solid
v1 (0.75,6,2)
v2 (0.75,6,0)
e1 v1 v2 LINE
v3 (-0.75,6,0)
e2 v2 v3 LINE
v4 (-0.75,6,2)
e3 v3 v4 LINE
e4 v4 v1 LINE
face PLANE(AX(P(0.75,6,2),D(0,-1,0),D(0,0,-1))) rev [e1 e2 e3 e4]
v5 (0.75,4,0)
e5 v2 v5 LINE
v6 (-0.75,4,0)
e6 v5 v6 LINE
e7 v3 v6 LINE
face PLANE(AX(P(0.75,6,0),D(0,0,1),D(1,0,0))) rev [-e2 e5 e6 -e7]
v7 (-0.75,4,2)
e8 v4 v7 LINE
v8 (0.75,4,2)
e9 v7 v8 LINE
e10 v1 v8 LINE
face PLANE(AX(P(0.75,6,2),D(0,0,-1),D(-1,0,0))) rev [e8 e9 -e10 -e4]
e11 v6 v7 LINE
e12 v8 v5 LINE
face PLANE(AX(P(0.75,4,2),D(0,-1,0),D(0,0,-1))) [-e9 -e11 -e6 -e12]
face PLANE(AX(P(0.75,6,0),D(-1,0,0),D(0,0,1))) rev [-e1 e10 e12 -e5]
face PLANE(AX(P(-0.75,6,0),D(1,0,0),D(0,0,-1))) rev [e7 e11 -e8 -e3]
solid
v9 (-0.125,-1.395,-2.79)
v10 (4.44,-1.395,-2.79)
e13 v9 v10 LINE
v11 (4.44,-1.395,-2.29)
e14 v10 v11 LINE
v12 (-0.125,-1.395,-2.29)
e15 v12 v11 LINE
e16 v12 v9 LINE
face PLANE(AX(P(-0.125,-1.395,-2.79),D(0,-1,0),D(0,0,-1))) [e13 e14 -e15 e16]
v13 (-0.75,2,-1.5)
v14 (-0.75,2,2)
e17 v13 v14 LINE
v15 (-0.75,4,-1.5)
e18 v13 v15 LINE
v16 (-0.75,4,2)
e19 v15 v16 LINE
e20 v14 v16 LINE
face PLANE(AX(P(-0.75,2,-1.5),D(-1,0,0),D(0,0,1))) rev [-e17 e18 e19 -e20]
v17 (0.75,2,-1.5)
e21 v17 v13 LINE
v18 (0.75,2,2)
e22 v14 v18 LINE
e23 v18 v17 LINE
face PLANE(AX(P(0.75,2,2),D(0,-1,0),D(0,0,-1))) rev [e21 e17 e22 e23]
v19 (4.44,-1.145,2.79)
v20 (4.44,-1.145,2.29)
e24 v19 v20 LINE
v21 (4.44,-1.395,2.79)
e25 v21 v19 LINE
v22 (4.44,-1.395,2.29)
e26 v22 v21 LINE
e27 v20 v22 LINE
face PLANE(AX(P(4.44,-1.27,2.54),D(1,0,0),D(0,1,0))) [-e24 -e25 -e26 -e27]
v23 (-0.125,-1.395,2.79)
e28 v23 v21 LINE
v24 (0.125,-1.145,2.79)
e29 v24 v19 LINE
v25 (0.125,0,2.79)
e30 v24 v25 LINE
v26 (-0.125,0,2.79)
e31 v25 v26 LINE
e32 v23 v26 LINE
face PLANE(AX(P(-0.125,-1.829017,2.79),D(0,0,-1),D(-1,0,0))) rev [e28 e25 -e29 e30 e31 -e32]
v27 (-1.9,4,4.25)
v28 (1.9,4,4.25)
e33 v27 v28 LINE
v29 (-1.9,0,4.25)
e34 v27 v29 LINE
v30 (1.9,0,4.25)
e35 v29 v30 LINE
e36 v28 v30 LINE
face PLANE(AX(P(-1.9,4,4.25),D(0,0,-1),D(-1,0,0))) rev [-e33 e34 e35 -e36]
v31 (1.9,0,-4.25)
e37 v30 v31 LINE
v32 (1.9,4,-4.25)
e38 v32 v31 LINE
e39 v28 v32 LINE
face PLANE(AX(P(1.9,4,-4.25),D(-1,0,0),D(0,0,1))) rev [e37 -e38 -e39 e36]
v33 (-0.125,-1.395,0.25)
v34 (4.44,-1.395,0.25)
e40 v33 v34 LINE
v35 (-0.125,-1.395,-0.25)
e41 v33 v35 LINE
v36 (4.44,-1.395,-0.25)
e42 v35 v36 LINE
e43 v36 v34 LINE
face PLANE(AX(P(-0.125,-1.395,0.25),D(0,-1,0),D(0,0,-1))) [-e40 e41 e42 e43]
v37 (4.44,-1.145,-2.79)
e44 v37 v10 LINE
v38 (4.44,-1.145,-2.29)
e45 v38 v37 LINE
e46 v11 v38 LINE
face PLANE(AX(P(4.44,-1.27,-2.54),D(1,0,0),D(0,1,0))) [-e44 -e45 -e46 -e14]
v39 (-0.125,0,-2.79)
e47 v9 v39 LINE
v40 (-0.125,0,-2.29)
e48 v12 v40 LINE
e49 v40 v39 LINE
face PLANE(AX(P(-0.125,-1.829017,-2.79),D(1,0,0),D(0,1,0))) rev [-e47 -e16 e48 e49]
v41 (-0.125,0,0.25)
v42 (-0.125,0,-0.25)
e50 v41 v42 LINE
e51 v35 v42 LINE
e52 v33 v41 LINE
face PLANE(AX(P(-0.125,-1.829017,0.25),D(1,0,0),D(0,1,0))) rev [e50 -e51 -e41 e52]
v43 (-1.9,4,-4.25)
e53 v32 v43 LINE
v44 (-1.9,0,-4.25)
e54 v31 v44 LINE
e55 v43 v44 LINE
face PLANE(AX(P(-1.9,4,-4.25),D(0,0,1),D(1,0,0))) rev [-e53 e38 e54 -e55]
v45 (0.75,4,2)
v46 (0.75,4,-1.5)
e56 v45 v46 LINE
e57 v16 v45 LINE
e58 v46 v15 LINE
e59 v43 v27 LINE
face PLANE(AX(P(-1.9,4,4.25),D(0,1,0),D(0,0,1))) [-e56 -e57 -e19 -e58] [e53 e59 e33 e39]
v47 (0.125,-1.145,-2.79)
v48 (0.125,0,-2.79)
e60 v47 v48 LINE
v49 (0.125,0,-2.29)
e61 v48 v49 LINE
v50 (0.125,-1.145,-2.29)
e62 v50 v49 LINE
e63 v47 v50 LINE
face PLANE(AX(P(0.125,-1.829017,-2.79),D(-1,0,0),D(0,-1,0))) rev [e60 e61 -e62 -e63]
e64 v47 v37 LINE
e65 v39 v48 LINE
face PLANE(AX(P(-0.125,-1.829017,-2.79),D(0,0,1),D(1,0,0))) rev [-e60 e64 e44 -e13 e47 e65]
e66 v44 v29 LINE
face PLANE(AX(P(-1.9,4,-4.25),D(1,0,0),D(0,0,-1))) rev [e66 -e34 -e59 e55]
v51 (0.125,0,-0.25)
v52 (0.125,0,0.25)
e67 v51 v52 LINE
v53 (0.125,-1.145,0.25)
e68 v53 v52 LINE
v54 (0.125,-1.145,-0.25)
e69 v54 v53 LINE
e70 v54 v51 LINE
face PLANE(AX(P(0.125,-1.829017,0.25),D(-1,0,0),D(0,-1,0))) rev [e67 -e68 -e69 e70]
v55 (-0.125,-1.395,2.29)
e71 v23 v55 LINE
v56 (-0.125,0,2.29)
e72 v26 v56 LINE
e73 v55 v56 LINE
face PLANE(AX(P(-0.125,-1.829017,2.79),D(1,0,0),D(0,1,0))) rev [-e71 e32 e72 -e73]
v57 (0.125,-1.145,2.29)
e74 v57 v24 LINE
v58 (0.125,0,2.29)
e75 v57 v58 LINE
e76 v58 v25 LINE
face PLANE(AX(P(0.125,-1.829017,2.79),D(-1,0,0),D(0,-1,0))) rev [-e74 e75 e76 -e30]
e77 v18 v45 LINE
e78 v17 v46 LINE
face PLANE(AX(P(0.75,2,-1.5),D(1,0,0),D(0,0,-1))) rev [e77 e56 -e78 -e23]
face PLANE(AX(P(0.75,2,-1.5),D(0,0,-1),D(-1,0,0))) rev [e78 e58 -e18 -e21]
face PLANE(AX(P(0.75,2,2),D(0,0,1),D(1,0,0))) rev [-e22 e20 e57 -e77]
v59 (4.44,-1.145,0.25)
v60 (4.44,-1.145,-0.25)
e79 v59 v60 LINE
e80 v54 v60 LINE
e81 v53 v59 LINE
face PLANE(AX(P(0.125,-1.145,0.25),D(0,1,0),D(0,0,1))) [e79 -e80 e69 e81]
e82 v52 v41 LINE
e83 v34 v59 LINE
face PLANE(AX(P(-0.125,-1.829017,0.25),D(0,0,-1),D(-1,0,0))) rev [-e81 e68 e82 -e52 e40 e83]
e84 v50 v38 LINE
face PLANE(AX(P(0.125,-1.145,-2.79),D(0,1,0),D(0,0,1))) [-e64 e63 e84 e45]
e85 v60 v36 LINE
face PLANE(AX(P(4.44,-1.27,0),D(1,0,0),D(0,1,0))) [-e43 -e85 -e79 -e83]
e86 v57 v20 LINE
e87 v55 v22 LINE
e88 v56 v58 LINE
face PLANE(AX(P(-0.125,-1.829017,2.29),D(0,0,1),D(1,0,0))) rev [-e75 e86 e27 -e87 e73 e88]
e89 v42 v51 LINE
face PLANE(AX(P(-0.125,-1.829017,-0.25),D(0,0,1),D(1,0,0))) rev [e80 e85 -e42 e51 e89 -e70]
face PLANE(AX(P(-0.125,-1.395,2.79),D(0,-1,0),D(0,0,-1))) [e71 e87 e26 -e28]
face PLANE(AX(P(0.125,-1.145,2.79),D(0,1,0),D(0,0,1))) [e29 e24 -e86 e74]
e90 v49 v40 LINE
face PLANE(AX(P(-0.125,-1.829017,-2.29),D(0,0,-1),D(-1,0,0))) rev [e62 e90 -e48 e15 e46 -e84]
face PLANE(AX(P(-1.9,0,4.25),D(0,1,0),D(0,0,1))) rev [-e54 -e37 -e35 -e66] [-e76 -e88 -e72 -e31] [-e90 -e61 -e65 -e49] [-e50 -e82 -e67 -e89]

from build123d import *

# Parameters (mm, degrees)
SKETCH_1_W          = 3.8
SKETCH_1_H          = 8.5
EXTRUDE_1_DEPTH     = 4
SKETCH_2_W          = 1.5
SKETCH_2_H          = 2
EXTRUDE_2_DEPTH     = 2
SKETCH_5_W          = 1.5
SKETCH_5_H          = 3.5
CUT_EXTRUDE_1_DEPTH = 2
SKETCH_7_W          = 0.25
SKETCH_7_H          = 0.5


with BuildPart() as part:
    # 草图1 → 拉伸1 (new body)
    with BuildSketch(Plane(origin=(0, 0, 0), x_dir=(1, 0, 0), z_dir=(0, 1, 0))):
        Rectangle(SKETCH_1_W, SKETCH_1_H)
    extrude(amount=EXTRUDE_1_DEPTH)

    # 草图2 → 拉伸2 (add)
    with BuildSketch(Plane(origin=(0, 4, 0), x_dir=(-1, 0, 0), z_dir=(0, 1, 0))):
        with Locations((0, 1)):
            Rectangle(SKETCH_2_W, SKETCH_2_H)
    extrude(amount=EXTRUDE_2_DEPTH)

    # 草图5 → 切除-拉伸1 (cut)
    with BuildSketch(Plane(origin=(0, 4, 0), x_dir=(-1, 0, 0), z_dir=(0, 1, 0))):
        with Locations((0, 0.25)):
            Rectangle(SKETCH_5_W, SKETCH_5_H)
    extrude(amount=-CUT_EXTRUDE_1_DEPTH, mode=Mode.SUBTRACT)


with BuildPart() as cut_extrude_1_piece_1:
    # of the separate pieces the step leaves, piece 1, a body of its own (cut_extrude_1_pieces)
    add(part.part.solids().sort_by_distance((-1.9, 0, -4.25))[0])

    # 扫描1: sweep along a path in 草图9
    with BuildLine(Plane.XY.offset(4.25)) as sweep_1_path:
        Line((0, 0), (0, -1.27))
        Line((0, -1.27), (4.44, -1.27))
    # 草图7 → 扫描1 (sweep)
    with BuildSketch(Plane.XZ):
        with Locations((0, 2.54)):
            Rectangle(SKETCH_7_W, SKETCH_7_H)
        Rectangle(SKETCH_7_W, SKETCH_7_H)
        with Locations((0, -2.54)):
            Rectangle(SKETCH_7_W, SKETCH_7_H)
    sweep(path=sweep_1_path.line, transition=Transition.RIGHT)


with BuildPart() as cut_extrude_1_piece_2:
    # of the separate pieces the step leaves, piece 2, a body of its own (cut_extrude_1_pieces)
    add(part.part.solids().sort_by_distance((-0.75, 6, 2))[0])


solid = Compound([cut_extrude_1_piece_1.part, cut_extrude_1_piece_2.part])
